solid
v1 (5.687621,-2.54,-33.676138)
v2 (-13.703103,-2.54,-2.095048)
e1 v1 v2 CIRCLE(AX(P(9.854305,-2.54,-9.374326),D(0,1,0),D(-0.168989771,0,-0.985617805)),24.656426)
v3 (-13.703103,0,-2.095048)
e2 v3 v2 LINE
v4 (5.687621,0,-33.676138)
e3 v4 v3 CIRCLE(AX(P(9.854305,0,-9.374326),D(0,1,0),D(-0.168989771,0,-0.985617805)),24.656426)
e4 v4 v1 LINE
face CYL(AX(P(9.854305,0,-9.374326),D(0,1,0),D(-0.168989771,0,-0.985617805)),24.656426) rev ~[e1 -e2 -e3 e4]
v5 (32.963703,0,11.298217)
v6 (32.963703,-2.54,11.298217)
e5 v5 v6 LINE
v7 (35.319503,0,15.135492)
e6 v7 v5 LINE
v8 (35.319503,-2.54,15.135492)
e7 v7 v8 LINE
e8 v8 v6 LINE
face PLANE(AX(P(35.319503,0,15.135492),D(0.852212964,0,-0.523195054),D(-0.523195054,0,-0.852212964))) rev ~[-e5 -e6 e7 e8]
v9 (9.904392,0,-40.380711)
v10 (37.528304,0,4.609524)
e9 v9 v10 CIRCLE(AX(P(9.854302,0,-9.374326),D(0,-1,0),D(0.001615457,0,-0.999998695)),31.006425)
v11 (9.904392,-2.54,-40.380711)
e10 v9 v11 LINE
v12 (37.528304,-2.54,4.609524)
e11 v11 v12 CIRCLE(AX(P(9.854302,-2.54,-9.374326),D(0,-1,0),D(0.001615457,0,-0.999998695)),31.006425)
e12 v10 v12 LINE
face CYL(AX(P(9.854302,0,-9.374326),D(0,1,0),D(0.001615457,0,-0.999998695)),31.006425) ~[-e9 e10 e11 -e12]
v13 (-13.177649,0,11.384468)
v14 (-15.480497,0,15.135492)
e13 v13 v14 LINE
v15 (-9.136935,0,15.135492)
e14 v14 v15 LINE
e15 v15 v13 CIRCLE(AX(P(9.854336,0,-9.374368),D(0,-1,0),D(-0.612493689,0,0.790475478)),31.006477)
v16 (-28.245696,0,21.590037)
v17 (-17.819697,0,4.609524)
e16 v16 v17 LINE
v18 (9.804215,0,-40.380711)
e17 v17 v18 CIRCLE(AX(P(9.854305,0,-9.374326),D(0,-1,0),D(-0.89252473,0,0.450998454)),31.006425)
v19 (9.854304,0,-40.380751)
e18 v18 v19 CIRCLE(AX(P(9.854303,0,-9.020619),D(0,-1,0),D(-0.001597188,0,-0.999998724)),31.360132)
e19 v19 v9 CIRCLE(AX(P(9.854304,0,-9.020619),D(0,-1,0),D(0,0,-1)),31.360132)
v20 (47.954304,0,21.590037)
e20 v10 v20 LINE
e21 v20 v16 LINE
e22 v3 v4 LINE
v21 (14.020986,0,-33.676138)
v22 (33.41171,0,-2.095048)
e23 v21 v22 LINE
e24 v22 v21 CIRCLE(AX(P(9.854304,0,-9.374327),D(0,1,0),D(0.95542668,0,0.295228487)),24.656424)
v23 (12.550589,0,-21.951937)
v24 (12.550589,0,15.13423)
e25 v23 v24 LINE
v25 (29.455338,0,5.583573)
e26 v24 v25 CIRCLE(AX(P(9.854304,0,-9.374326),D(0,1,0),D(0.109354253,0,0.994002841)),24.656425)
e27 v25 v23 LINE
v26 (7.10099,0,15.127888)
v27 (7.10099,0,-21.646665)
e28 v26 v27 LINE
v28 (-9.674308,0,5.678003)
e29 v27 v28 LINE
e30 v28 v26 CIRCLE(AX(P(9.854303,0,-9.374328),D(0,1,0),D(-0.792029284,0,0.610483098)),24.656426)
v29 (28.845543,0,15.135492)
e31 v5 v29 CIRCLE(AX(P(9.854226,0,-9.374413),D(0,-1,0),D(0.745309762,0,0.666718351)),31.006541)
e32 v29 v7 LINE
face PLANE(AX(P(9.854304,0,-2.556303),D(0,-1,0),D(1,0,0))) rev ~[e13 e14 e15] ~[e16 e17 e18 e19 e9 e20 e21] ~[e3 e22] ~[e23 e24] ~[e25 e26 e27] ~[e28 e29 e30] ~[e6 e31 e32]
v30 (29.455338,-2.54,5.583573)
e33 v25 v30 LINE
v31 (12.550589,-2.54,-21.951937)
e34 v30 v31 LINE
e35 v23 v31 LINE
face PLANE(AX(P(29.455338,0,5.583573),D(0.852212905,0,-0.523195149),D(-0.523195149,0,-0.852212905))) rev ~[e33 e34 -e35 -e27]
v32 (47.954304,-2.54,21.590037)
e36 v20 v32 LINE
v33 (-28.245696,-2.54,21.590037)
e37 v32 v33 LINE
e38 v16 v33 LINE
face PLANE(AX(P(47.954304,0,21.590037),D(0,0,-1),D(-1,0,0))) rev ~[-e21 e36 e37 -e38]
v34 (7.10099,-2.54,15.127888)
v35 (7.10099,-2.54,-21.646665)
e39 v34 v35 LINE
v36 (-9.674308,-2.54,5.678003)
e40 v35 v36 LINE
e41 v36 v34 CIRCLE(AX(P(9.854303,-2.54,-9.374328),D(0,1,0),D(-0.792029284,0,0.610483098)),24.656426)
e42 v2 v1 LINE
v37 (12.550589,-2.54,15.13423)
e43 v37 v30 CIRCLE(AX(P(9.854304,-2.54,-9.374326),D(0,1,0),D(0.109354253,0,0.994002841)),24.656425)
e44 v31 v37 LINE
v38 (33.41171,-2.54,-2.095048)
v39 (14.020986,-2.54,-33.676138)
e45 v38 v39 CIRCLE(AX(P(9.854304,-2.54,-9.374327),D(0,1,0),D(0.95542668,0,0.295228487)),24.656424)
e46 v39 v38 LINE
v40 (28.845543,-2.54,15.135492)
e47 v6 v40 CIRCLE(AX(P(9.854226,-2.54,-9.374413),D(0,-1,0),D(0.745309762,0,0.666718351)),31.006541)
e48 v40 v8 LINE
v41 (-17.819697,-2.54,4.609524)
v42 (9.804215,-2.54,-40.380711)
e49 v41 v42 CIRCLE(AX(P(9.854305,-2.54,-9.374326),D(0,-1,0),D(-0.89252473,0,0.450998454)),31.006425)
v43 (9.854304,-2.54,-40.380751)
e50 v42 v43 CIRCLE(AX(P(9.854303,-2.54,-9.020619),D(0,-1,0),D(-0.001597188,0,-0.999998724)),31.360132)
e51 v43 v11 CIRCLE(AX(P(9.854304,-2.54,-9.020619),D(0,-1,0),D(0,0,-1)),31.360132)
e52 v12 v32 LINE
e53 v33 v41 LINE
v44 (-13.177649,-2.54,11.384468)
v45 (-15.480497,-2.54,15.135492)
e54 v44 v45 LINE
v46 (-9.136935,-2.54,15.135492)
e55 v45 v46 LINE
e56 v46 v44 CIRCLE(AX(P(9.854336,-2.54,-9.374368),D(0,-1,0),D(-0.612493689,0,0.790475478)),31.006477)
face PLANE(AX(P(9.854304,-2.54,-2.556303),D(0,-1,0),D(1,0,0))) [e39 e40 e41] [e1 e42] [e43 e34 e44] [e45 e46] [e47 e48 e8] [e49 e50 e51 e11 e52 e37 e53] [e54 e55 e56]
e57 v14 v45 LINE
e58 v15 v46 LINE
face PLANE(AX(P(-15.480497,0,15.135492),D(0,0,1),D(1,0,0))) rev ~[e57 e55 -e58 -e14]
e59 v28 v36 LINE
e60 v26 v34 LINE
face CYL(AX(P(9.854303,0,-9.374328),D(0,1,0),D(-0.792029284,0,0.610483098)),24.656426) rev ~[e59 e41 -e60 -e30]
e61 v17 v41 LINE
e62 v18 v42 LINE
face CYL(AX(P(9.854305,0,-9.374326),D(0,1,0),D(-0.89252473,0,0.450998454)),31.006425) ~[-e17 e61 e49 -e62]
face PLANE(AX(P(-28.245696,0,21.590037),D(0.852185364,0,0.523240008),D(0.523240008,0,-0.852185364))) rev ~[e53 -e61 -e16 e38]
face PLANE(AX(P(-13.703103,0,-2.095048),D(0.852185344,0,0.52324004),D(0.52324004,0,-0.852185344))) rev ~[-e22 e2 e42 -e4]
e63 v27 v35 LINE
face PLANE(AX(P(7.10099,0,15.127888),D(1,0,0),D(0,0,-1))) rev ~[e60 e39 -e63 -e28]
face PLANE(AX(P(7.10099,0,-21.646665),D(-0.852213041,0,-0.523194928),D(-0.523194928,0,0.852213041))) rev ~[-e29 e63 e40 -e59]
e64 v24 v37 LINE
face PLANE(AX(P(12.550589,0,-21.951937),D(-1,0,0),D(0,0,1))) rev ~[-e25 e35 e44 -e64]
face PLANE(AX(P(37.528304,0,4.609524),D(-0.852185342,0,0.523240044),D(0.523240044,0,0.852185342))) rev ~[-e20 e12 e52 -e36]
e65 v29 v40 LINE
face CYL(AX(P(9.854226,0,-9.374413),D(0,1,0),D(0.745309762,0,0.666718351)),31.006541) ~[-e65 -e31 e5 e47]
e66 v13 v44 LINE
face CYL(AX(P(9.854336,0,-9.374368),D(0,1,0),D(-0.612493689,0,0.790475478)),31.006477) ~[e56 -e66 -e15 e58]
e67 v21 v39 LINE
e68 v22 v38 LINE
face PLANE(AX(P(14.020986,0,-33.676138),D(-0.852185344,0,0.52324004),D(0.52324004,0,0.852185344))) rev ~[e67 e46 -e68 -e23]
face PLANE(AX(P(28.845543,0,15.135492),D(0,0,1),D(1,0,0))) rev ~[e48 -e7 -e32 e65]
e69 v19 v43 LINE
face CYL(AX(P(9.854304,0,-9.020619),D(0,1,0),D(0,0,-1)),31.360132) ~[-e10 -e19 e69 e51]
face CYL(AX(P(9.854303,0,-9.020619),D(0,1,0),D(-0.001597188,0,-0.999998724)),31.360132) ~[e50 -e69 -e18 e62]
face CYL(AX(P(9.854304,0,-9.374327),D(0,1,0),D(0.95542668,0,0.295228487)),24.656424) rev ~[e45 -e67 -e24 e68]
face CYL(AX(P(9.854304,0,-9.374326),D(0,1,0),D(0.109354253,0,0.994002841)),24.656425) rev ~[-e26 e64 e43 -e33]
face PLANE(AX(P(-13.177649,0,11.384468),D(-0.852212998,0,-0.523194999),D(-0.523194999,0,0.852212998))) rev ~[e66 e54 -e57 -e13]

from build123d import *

# Parameters (mm, degrees)
F1_DEPTH = 2.54


with BuildPart() as f1:
    # F0 (on Front) → F1 (new body)
    with BuildSketch(Plane.XZ):
        with BuildLine():
            Line((-28.245696, 21.590037), (-17.819697, 4.609524))
            ThreePointArc((-17.819697, 4.609524), (-16.568917, -25.598129), (9.804215, -40.380711))
            ThreePointArc((9.804215, -40.380711), (9.829259, -40.380741), (9.854304, -40.380751))
            ThreePointArc((9.854304, -40.380751), (9.879348, -40.380741), (9.904392, -40.380711))
            ThreePointArc((9.904392, -40.380711), (36.277524, -25.598129), (37.528304, 4.609524))
            Line((37.528304, 4.609524), (47.954304, 21.590037))
            Line((47.954304, 21.590037), (11.468784, 21.590037))
            Line((11.468784, 21.590037), (9.854304, 21.590037))
            Line((9.854304, 21.590037), (8.239823, 21.590037))
            Line((8.239823, 21.590037), (-28.245696, 21.590037))
        make_face()
        with BuildLine():
            ThreePointArc((5.687621, -33.676138), (-11.15754, -22.275555), (-13.703103, -2.095048))
            Line((-13.703103, -2.095048), (5.687621, -33.676138))
        make_face(mode=Mode.SUBTRACT)
        with BuildLine():
            ThreePointArc((33.41171, -2.095048), (30.866148, -22.275555), (14.020986, -33.676138))
            Line((14.020986, -33.676138), (33.41171, -2.095048))
        make_face(mode=Mode.SUBTRACT)
        with BuildLine():
            Line((7.10099, -21.646665), (-9.674308, 5.678003))
            ThreePointArc((-9.674308, 5.678003), (-2.247189, 12.108065), (7.10099, 15.127888))
            Line((7.10099, 15.127888), (7.10099, -21.646665))
        make_face(mode=Mode.SUBTRACT)
        with BuildLine():
            Line((-13.177649, 11.384468), (-15.480497, 15.135492))
            Line((-15.480497, 15.135492), (-9.136935, 15.135492))
            ThreePointArc((-9.136935, 15.135492), (-11.240831, 13.34997), (-13.177649, 11.384468))
        make_face(mode=Mode.SUBTRACT)
        with BuildLine():
            ThreePointArc((12.550589, 15.13423), (21.982633, 12.092926), (29.455338, 5.583573))
            Line((29.455338, 5.583573), (12.550589, -21.951937))
            Line((12.550589, -21.951937), (12.550589, 15.13423))
        make_face(mode=Mode.SUBTRACT)
        with BuildLine():
            Line((28.845543, 15.135492), (35.319503, 15.135492))
            Line((35.319503, 15.135492), (32.963703, 11.298217))
            ThreePointArc((32.963703, 11.298217), (30.991879, 13.310498), (28.845543, 15.135492))
        make_face(mode=Mode.SUBTRACT)
    extrude(amount=F1_DEPTH)


solid = f1.part
